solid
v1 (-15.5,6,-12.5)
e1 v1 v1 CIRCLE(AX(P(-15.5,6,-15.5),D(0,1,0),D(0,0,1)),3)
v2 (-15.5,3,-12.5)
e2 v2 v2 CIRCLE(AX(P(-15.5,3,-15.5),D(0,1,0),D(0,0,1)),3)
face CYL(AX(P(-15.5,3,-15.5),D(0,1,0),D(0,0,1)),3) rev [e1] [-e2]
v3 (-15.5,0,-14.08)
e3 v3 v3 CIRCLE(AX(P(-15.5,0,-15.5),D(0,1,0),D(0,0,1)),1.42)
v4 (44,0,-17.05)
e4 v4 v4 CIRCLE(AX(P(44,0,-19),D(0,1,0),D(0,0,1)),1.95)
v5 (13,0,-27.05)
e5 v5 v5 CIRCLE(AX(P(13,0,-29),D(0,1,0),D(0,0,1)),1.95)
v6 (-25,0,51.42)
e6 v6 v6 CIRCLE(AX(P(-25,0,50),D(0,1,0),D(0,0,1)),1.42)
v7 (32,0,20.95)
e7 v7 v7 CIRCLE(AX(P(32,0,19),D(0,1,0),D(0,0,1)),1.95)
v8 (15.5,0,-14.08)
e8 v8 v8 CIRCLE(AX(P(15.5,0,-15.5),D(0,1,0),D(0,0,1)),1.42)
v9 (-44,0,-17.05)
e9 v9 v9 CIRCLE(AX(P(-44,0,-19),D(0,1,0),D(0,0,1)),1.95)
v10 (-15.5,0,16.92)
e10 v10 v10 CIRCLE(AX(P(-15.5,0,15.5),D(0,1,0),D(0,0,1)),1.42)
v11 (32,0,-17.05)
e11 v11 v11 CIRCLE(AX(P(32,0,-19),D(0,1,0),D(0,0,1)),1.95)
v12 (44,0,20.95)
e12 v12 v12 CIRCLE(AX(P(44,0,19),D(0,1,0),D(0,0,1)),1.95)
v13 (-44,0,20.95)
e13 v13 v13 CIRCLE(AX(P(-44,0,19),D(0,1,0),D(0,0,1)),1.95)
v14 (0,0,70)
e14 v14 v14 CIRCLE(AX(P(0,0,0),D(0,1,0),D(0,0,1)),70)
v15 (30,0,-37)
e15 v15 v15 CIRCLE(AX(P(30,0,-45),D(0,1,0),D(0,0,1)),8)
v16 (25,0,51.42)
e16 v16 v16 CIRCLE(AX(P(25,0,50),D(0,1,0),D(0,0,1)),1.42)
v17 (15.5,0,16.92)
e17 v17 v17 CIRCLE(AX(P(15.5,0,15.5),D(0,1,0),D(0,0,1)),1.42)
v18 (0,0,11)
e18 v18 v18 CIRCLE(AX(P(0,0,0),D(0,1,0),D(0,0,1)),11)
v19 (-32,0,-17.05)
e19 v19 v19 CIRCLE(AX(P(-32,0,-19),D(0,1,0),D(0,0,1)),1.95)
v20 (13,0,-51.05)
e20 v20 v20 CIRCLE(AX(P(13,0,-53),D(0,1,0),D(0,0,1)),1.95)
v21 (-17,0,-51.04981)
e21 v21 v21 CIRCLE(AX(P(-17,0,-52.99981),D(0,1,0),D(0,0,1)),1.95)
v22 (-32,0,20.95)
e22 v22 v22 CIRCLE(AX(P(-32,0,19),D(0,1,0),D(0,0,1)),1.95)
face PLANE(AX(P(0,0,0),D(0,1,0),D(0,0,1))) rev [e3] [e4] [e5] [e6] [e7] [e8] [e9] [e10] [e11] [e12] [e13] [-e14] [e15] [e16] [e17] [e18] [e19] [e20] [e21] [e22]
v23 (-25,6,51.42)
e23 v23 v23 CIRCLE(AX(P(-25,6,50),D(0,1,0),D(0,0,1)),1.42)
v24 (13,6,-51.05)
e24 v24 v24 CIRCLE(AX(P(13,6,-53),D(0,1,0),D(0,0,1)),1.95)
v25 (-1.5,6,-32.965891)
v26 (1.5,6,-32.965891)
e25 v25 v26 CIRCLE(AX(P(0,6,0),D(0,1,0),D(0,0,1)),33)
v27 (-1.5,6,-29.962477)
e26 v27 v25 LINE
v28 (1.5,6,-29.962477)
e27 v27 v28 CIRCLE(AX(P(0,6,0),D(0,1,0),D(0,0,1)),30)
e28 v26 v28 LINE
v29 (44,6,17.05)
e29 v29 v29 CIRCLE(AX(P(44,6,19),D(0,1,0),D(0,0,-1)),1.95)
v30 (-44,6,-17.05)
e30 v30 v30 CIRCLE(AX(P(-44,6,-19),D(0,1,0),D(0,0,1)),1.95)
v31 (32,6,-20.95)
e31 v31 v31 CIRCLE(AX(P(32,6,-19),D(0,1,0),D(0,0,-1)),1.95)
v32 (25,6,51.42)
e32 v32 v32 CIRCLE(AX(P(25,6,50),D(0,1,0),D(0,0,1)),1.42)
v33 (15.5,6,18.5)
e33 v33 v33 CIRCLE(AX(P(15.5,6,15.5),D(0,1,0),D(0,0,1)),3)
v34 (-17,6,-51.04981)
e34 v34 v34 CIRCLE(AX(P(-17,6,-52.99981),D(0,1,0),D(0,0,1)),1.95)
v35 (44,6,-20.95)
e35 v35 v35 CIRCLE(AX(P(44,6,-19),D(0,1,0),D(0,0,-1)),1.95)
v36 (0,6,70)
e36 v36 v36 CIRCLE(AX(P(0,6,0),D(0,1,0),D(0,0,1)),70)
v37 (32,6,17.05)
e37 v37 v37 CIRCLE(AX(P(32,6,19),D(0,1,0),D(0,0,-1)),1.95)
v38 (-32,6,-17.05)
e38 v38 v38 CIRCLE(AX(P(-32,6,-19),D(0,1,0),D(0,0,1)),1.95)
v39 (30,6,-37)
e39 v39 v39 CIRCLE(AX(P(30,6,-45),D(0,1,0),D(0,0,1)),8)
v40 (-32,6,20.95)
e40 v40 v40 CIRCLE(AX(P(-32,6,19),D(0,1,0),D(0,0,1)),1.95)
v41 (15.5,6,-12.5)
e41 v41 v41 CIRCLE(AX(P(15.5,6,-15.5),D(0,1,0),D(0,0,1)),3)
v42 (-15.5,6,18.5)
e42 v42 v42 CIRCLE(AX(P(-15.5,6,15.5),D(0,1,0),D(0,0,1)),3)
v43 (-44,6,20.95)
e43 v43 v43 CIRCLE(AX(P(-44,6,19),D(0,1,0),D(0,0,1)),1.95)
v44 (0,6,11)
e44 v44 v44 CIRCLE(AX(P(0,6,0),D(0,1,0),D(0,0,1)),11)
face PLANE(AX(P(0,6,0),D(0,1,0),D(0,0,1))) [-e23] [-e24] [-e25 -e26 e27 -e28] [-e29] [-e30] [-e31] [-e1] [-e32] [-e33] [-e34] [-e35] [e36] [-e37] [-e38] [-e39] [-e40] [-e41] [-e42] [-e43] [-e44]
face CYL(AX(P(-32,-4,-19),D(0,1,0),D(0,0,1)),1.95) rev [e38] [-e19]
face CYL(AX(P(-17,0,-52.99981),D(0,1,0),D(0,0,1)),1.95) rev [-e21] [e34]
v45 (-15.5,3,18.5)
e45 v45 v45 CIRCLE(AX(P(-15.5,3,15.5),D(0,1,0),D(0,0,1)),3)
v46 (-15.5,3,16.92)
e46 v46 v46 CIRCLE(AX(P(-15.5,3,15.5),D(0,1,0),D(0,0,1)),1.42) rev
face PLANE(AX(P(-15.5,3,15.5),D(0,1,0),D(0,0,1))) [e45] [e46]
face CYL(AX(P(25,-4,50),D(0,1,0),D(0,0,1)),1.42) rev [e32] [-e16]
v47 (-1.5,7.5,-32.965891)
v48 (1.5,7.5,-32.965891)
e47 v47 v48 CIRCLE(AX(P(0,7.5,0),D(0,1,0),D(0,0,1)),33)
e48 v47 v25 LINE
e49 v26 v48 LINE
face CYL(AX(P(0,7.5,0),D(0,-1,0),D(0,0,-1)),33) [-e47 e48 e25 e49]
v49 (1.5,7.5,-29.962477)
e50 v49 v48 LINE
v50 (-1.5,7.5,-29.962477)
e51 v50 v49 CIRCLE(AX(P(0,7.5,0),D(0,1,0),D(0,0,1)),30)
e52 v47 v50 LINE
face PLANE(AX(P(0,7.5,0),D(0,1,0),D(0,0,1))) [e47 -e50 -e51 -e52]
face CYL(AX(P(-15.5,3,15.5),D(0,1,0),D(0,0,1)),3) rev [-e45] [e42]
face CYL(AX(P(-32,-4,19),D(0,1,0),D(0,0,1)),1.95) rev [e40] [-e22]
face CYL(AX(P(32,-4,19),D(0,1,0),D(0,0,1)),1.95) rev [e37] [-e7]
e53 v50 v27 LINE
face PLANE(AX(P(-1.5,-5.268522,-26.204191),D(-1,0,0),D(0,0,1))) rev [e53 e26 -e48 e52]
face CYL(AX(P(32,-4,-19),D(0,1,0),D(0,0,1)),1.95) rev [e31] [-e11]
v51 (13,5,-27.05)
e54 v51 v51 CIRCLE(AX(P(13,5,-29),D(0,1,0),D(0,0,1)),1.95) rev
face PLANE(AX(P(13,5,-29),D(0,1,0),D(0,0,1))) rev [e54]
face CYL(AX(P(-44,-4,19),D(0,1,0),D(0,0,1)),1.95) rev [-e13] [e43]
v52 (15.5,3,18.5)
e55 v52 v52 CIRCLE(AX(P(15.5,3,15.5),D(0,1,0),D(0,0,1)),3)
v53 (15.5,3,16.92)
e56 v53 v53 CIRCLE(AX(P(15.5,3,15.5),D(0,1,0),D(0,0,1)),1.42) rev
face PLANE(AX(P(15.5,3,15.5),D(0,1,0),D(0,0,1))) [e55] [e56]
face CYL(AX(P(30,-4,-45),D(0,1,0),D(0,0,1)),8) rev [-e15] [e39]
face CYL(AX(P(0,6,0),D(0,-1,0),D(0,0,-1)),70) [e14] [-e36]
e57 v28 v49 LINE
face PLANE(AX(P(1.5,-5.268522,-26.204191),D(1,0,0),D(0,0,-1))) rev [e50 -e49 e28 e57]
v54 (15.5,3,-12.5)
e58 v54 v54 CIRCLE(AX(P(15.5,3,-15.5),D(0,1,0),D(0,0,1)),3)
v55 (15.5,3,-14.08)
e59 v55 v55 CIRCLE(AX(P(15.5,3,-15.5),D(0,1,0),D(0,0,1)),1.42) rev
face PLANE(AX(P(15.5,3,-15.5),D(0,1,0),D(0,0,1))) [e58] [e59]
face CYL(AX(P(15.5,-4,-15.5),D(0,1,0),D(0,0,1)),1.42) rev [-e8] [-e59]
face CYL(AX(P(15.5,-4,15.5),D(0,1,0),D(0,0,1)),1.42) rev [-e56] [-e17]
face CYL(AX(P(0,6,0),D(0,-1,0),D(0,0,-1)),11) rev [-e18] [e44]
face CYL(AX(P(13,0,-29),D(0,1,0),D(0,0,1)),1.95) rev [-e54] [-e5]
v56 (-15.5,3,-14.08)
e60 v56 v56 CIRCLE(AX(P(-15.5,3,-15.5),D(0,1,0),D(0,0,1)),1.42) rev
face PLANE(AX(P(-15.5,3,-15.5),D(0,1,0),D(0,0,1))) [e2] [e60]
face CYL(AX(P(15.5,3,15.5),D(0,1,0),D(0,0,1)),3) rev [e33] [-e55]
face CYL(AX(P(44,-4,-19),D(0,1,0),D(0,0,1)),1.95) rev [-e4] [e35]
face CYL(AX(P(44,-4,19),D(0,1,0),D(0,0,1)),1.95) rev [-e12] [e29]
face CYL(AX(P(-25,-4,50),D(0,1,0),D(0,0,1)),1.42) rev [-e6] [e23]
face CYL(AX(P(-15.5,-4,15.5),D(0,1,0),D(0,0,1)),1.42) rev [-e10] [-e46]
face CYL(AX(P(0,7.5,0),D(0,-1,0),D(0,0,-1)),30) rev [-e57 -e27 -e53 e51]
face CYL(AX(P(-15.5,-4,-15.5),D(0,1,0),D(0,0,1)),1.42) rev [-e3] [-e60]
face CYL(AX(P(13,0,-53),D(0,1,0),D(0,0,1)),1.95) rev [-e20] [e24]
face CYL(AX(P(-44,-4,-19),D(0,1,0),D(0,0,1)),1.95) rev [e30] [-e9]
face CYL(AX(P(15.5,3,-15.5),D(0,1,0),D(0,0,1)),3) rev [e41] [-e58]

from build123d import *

# Parameters (mm, degrees)
SKETCH1_R           = 70
SKETCH1_R_2         = 11
BOSS_EXTRUDE1_DEPTH = 6
SKETCH2_R           = 1.42
CUT_EXTRUDE2_DEPTH  = 10
SKETCH4_R           = 3
CUT_EXTRUDE3_DEPTH  = 3
SKETCH5_R           = 1.95
CUT_EXTRUDE4_DEPTH  = 10
SKETCH6_R           = 1.95
CUT_EXTRUDE5_DEPTH  = 6
SKETCH7_R           = 1.42
CUT_EXTRUDE6_DEPTH  = 10
SKETCH8_R           = 8
CUT_EXTRUDE7_DEPTH  = 10
SKETCH9_R           = 33
SKETCH9_R_2         = 30
BOSS_EXTRUDE2_DEPTH = 1.5
SKETCH10_W          = 3
SKETCH10_H          = 10.861840942
CUT_EXTRUDE9_DEPTH  = 1.5
SKETCH11_R          = 2.471165228
BOSS_EXTRUDE3_DEPTH = 1


with BuildPart() as part:
    # Sketch1 → Boss-Extrude1 (new body)
    with BuildSketch(Plane(origin=(0, 0, 0), x_dir=(1, 0, 0), z_dir=(0, 1, 0))):
        with Locations(Location((0, 0, 0), (0, 0, 270))):
            Circle(SKETCH1_R)
        with Locations(Location((0, 0, 0), (0, 0, 270))):
            Circle(SKETCH1_R_2, mode=Mode.SUBTRACT)
    extrude(amount=BOSS_EXTRUDE1_DEPTH)

    # Sketch2 → Cut-Extrude2 (cut)
    with BuildSketch(Plane(origin=(0, 6, 0), x_dir=(1, 0, 0), z_dir=(0, 1, 0))):
        with Locations(Location((-15.5, 15.5, 0), (0, 0, 270))):
            Circle(SKETCH2_R)
        with Locations(Location((15.5, 15.5, 0), (0, 0, 270))):
            Circle(SKETCH2_R)
        with Locations(Location((15.5, -15.5, 0), (0, 0, 270))):
            Circle(SKETCH2_R)
        with Locations(Location((-15.5, -15.5, 0), (0, 0, 270))):
            Circle(SKETCH2_R)
    extrude(amount=-CUT_EXTRUDE2_DEPTH, mode=Mode.SUBTRACT)

    # Sketch4 → Cut-Extrude3 (cut)
    with BuildSketch(Plane(origin=(0, 6, 0), x_dir=(1, 0, 0), z_dir=(0, 1, 0))):
        with Locations(Location((-15.5, 15.5, 0), (0, 0, 270))):
            Circle(SKETCH4_R)
        with Locations(Location((15.5, 15.5, 0), (0, 0, 270))):
            Circle(SKETCH4_R)
        with Locations(Location((15.5, -15.5, 0), (0, 0, 270))):
            Circle(SKETCH4_R)
        with Locations(Location((-15.5, -15.5, 0), (0, 0, 270))):
            Circle(SKETCH4_R)
    extrude(amount=-CUT_EXTRUDE3_DEPTH, mode=Mode.SUBTRACT)

    # Sketch5 → Cut-Extrude4 (cut)
    with BuildSketch(Plane(origin=(0, 6, 0), x_dir=(1, 0, 0), z_dir=(0, 1, 0))):
        with Locations(Location((-32, 19, 0), (0, 0, 270))):
            Circle(SKETCH5_R)
        with Locations(Location((-44, 19, 0), (0, 0, 270))):
            Circle(SKETCH5_R)
        with Locations(Location((-44, -19, 0), (0, 0, 270))):
            Circle(SKETCH5_R)
        with Locations(Location((-32, -19, 0), (0, 0, 270))):
            Circle(SKETCH5_R)
        with Locations(Location((32, -19, 0), (0, 0, 270))):
            Circle(SKETCH5_R)
        with Locations(Location((44, -19, 0), (0, 0, 270))):
            Circle(SKETCH5_R)
        with Locations(Location((44, 19, 0), (0, 0, 270))):
            Circle(SKETCH5_R)
        with Locations(Location((32, 19, 0), (0, 0, 270))):
            Circle(SKETCH5_R)
    extrude(amount=-CUT_EXTRUDE4_DEPTH, mode=Mode.SUBTRACT)

    # Sketch6 → Cut-Extrude5 (cut)
    with BuildSketch(Plane(origin=(0, 6, 0), x_dir=(1, 0, 0), z_dir=(0, 1, 0))):
        with Locations(Location((13, 29, 0), (0, 0, 270))):
            Circle(SKETCH6_R)
        with Locations(Location((13, 53, 0), (0, 0, 270))):
            Circle(SKETCH6_R)
        with Locations(Location((-17, 52.999810288, 0), (0, 0, 270))):
            Circle(SKETCH6_R)
    extrude(amount=-CUT_EXTRUDE5_DEPTH, mode=Mode.SUBTRACT)

    # Sketch7 → Cut-Extrude6 (cut)
    with BuildSketch(Plane(origin=(0, 6, 0), x_dir=(1, 0, 0), z_dir=(0, 1, 0))):
        with Locations(Location((-25, -50, 0), (0, 0, 270))):
            Circle(SKETCH7_R)
        with Locations(Location((25, -50, 0), (0, 0, 270))):
            Circle(SKETCH7_R)
    extrude(amount=-CUT_EXTRUDE6_DEPTH, mode=Mode.SUBTRACT)

    # Sketch8 → Cut-Extrude7 (cut)
    with BuildSketch(Plane(origin=(0, 6, 0), x_dir=(1, 0, 0), z_dir=(0, 1, 0))):
        with Locations(Location((30, 45, 0), (0, 0, 270))):
            Circle(SKETCH8_R)
    extrude(amount=-CUT_EXTRUDE7_DEPTH, mode=Mode.SUBTRACT)

    # Sketch9 → Boss-Extrude2 (add)
    with BuildSketch(Plane(origin=(0, 6, 0), x_dir=(1, 0, 0), z_dir=(0, 1, 0))):
        with Locations(Location((0, 0, 0), (0, 0, 68.546799355))):
            Circle(SKETCH9_R)
        with Locations(Location((0, 0, 0), (0, 0, 67.330047366))):
            Circle(SKETCH9_R_2, mode=Mode.SUBTRACT)
    extrude(amount=BOSS_EXTRUDE2_DEPTH)

    # Sketch10 → Cut-Extrude9 (cut)
    with BuildSketch(Plane(origin=(0, 7.5, 0), x_dir=(1, 0, 0), z_dir=(0, 1, 0))):
        with Locations((0, 31.635111745)):
            Rectangle(SKETCH10_W, SKETCH10_H)
    extrude(amount=-CUT_EXTRUDE9_DEPTH, mode=Mode.SUBTRACT)

    # Sketch11 → Boss-Extrude3 (add)
    with BuildSketch(Plane(origin=(0, 6, 0), x_dir=(1, 0, 0), z_dir=(0, 1, 0))):
        with Locations((13, 29)):
            Circle(SKETCH11_R)
    extrude(amount=-BOSS_EXTRUDE3_DEPTH)


solid = part.part
